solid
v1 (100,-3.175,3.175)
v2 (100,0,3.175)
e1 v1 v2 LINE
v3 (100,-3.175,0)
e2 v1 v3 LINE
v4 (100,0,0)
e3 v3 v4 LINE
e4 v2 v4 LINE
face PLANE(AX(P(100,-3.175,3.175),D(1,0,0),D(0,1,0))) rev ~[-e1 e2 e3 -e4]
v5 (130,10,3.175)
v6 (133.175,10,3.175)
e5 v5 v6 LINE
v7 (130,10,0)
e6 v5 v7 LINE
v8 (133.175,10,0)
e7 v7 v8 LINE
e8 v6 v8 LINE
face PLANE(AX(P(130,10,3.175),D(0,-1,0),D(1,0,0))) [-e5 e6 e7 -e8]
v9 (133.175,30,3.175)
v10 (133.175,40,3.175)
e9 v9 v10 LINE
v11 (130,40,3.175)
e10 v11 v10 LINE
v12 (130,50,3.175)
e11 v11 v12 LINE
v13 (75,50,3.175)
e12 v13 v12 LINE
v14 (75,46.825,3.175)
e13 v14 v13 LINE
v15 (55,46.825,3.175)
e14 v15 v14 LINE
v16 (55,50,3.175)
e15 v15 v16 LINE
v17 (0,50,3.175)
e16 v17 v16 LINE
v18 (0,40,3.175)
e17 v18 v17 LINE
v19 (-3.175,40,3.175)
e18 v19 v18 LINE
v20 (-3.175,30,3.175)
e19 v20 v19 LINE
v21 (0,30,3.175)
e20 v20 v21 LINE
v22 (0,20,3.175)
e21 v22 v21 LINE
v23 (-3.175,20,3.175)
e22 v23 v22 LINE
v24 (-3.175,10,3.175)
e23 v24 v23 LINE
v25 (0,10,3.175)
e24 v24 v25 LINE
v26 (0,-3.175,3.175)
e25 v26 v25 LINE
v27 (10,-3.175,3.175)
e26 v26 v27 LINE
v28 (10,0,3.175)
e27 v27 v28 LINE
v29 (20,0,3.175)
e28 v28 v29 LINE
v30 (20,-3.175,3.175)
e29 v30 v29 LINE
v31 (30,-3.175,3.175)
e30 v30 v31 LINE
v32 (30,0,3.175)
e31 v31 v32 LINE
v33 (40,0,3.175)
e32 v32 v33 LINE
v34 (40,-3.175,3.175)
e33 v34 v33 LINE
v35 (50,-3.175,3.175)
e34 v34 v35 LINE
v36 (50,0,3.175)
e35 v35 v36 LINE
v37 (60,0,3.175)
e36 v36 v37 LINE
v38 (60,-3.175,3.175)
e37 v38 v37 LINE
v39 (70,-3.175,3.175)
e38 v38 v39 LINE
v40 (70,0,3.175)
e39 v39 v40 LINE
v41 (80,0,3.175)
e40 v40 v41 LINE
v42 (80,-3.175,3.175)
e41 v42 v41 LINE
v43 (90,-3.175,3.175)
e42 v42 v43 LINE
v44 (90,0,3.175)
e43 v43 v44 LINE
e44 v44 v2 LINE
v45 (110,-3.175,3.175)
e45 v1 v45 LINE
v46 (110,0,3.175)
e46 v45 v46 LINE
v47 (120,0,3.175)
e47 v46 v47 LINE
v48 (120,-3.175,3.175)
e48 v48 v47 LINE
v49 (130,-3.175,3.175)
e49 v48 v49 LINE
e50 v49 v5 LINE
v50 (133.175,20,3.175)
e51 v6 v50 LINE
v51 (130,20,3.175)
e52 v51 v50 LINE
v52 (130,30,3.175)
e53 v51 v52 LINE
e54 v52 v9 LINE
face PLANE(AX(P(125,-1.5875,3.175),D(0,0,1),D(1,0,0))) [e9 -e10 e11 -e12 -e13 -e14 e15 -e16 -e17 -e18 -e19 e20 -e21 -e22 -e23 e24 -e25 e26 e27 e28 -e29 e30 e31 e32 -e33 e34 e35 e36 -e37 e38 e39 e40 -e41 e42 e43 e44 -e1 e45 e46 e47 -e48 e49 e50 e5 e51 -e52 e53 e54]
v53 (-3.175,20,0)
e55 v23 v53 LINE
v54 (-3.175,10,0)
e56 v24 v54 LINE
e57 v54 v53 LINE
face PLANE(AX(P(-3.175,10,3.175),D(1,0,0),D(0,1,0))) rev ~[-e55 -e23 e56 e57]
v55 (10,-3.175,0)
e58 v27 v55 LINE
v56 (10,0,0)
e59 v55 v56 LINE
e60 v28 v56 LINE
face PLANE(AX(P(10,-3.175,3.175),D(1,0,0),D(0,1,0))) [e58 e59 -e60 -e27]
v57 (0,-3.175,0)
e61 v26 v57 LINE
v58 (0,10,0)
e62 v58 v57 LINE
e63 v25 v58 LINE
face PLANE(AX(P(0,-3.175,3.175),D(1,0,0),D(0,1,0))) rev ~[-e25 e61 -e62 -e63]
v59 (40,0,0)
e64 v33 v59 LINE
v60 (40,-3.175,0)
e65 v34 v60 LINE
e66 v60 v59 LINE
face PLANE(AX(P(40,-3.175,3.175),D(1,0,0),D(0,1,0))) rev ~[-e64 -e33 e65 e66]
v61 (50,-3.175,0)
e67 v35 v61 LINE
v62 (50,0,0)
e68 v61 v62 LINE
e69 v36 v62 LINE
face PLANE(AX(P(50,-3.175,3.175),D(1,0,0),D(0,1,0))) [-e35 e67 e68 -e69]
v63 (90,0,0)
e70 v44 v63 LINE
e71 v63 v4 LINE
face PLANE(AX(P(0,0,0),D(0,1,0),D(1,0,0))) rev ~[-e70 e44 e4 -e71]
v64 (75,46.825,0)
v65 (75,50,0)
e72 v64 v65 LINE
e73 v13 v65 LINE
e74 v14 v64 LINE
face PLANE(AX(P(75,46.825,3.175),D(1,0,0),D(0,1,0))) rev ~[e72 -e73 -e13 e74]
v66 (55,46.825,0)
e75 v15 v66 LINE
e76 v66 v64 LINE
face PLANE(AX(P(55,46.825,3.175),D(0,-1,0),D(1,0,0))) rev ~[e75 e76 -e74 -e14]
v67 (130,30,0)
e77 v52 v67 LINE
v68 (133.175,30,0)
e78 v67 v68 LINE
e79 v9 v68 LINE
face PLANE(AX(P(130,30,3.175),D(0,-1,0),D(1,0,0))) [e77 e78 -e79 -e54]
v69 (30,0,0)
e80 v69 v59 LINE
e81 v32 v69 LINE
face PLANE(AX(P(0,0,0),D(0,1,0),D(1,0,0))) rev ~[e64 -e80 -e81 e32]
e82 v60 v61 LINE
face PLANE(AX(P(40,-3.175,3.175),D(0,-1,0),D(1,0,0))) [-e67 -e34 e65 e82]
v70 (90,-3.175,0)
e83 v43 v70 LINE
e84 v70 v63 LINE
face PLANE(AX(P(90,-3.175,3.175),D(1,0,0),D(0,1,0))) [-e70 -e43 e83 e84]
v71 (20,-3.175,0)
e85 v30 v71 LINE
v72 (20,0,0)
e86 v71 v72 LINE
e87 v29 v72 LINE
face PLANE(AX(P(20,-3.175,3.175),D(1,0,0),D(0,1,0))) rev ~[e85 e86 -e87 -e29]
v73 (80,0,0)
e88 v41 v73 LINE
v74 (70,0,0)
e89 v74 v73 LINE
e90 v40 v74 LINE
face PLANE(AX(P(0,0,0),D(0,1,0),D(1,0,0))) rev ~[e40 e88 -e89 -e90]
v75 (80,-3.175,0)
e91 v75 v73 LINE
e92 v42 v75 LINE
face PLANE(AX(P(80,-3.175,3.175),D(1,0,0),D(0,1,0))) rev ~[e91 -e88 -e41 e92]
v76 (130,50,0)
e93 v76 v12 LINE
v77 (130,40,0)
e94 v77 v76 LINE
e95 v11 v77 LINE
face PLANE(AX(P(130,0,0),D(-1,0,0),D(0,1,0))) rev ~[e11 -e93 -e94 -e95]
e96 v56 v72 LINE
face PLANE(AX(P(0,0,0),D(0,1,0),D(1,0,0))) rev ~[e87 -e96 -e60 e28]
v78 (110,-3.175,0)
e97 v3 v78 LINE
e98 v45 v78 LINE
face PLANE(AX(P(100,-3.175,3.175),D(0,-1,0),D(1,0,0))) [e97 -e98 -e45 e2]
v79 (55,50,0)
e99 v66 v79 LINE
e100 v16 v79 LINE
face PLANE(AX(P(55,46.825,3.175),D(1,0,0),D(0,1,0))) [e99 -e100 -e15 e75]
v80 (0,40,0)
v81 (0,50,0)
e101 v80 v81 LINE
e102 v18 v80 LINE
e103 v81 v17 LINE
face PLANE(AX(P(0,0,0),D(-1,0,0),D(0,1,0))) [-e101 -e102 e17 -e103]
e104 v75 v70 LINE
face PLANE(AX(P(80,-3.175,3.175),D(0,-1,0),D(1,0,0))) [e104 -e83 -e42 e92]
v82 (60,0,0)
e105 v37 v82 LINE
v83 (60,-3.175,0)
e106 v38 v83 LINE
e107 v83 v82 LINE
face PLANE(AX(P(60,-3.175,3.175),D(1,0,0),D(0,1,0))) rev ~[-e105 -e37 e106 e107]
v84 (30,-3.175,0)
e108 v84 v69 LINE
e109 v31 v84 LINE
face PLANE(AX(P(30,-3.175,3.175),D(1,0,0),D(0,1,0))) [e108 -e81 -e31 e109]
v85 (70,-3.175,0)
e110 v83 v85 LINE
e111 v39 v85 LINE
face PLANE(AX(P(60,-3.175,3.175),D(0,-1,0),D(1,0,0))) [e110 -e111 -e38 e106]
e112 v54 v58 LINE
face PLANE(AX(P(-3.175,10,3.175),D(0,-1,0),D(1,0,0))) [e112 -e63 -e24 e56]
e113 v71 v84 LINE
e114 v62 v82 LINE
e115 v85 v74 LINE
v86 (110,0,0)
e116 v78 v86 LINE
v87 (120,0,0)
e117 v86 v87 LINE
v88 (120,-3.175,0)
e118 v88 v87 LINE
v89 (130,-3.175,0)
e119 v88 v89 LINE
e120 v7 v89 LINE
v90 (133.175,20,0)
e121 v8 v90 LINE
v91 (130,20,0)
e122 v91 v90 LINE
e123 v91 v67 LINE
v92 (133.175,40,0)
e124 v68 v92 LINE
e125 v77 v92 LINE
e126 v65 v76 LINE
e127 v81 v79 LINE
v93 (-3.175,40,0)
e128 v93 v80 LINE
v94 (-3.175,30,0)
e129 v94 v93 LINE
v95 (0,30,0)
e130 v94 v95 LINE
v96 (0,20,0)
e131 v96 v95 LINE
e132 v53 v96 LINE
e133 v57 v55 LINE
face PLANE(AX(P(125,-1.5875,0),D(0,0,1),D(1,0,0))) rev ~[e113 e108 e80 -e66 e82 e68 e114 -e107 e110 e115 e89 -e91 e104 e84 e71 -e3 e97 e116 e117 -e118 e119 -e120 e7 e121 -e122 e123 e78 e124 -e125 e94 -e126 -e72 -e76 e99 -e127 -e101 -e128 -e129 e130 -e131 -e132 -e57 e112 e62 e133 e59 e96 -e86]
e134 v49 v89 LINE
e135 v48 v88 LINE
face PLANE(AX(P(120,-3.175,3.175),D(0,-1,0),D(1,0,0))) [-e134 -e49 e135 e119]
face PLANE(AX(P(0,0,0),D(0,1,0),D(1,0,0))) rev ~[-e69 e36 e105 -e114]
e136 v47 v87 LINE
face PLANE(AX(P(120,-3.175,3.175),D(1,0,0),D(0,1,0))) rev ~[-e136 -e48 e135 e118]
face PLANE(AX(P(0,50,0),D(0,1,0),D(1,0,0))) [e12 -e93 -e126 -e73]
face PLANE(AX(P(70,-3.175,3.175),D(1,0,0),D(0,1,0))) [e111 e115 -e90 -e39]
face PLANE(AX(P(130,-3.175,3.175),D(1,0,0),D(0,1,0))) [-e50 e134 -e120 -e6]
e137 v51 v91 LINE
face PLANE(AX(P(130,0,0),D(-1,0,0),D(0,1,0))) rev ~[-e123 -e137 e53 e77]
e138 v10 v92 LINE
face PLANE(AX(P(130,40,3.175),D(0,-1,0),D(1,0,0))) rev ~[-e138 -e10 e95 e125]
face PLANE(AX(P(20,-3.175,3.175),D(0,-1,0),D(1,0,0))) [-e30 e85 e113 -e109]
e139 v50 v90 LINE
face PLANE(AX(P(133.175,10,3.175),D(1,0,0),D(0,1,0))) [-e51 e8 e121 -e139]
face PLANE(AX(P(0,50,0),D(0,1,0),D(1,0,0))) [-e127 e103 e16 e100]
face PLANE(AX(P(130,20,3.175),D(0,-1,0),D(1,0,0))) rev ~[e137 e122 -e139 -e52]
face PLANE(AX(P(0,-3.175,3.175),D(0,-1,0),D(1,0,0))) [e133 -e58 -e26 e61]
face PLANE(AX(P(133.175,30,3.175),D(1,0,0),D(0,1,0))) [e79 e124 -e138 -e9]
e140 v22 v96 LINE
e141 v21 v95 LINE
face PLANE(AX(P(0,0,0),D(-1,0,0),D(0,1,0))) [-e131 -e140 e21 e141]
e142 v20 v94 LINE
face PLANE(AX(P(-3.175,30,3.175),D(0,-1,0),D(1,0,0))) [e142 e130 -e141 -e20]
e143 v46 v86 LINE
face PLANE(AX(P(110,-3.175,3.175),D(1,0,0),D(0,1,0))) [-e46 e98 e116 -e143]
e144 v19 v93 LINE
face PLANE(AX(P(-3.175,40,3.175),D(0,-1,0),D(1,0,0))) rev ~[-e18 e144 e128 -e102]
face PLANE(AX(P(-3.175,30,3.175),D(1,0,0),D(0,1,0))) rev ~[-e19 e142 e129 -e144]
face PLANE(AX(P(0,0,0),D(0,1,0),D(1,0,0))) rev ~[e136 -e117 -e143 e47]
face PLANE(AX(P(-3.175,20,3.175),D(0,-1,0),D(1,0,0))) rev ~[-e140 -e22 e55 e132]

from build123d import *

# Parameters (mm, degrees)
ESQUISSE1_W                = 130
ESQUISSE1_H                = 50
BOSS_EXTRU_1_DEPTH         = 3.175
ESQUISSE2_W                = 3.175
ESQUISSE2_H                = 10
BOSS_EXTRU_2_DEPTH         = 3.175
ESQUISSE3_W                = 20
ESQUISSE3_H                = 3.175
ENL_V_MAT_EXTRU_1_DEPTH    = 3.175
ESQUISSE4_W                = 10
ESQUISSE4_H                = 3.175
BOSS_EXTRU_3_DEPTH         = 3.175
R_P_TITION_LIN_AIRE1_COUNT = 7
R_P_TITION_LIN_AIRE1_PITCH = 20


with BuildPart() as part:
    # Esquisse1 → Boss.-Extru.1 (new body)
    with BuildSketch(Plane.XY):
        with Locations((65, 25)):
            Rectangle(ESQUISSE1_W, ESQUISSE1_H)
    extrude(amount=BOSS_EXTRU_1_DEPTH)

    # Esquisse2 → Boss.-Extru.2 (add)
    with BuildSketch(Plane.XY.offset(3.175)):
        with Locations((131.5875, 35)):
            Rectangle(ESQUISSE2_W, ESQUISSE2_H)
        with Locations((131.5875, 15)):
            Rectangle(ESQUISSE2_W, ESQUISSE2_H)
        with Locations((-1.5875, 35)):
            Rectangle(ESQUISSE2_W, ESQUISSE2_H)
        with Locations((-1.5875, 15)):
            Rectangle(ESQUISSE2_W, ESQUISSE2_H)
    extrude(amount=-BOSS_EXTRU_2_DEPTH)

    # Esquisse3 → Enlèv. mat.-Extru.1 (cut)
    with BuildSketch(Plane.XY.offset(3.175)):
        with Locations((65, 48.4125)):
            Rectangle(ESQUISSE3_W, ESQUISSE3_H)
    extrude(amount=-ENL_V_MAT_EXTRU_1_DEPTH, mode=Mode.SUBTRACT)

    # Esquisse4 → Boss.-Extru.3 (add)
    with BuildSketch(Plane.XY.offset(3.175)):
        with Locations((5, -1.5875)):
            Rectangle(ESQUISSE4_W, ESQUISSE4_H)
    boss_extru_3 = extrude(amount=-BOSS_EXTRU_3_DEPTH)

    # Répétition linéaire1: Boss.-Extru.3 ×7
    with Locations(*[(i * R_P_TITION_LIN_AIRE1_PITCH, 0, 0) for i in range(1, R_P_TITION_LIN_AIRE1_COUNT)]):
        add(boss_extru_3)


solid = part.part
